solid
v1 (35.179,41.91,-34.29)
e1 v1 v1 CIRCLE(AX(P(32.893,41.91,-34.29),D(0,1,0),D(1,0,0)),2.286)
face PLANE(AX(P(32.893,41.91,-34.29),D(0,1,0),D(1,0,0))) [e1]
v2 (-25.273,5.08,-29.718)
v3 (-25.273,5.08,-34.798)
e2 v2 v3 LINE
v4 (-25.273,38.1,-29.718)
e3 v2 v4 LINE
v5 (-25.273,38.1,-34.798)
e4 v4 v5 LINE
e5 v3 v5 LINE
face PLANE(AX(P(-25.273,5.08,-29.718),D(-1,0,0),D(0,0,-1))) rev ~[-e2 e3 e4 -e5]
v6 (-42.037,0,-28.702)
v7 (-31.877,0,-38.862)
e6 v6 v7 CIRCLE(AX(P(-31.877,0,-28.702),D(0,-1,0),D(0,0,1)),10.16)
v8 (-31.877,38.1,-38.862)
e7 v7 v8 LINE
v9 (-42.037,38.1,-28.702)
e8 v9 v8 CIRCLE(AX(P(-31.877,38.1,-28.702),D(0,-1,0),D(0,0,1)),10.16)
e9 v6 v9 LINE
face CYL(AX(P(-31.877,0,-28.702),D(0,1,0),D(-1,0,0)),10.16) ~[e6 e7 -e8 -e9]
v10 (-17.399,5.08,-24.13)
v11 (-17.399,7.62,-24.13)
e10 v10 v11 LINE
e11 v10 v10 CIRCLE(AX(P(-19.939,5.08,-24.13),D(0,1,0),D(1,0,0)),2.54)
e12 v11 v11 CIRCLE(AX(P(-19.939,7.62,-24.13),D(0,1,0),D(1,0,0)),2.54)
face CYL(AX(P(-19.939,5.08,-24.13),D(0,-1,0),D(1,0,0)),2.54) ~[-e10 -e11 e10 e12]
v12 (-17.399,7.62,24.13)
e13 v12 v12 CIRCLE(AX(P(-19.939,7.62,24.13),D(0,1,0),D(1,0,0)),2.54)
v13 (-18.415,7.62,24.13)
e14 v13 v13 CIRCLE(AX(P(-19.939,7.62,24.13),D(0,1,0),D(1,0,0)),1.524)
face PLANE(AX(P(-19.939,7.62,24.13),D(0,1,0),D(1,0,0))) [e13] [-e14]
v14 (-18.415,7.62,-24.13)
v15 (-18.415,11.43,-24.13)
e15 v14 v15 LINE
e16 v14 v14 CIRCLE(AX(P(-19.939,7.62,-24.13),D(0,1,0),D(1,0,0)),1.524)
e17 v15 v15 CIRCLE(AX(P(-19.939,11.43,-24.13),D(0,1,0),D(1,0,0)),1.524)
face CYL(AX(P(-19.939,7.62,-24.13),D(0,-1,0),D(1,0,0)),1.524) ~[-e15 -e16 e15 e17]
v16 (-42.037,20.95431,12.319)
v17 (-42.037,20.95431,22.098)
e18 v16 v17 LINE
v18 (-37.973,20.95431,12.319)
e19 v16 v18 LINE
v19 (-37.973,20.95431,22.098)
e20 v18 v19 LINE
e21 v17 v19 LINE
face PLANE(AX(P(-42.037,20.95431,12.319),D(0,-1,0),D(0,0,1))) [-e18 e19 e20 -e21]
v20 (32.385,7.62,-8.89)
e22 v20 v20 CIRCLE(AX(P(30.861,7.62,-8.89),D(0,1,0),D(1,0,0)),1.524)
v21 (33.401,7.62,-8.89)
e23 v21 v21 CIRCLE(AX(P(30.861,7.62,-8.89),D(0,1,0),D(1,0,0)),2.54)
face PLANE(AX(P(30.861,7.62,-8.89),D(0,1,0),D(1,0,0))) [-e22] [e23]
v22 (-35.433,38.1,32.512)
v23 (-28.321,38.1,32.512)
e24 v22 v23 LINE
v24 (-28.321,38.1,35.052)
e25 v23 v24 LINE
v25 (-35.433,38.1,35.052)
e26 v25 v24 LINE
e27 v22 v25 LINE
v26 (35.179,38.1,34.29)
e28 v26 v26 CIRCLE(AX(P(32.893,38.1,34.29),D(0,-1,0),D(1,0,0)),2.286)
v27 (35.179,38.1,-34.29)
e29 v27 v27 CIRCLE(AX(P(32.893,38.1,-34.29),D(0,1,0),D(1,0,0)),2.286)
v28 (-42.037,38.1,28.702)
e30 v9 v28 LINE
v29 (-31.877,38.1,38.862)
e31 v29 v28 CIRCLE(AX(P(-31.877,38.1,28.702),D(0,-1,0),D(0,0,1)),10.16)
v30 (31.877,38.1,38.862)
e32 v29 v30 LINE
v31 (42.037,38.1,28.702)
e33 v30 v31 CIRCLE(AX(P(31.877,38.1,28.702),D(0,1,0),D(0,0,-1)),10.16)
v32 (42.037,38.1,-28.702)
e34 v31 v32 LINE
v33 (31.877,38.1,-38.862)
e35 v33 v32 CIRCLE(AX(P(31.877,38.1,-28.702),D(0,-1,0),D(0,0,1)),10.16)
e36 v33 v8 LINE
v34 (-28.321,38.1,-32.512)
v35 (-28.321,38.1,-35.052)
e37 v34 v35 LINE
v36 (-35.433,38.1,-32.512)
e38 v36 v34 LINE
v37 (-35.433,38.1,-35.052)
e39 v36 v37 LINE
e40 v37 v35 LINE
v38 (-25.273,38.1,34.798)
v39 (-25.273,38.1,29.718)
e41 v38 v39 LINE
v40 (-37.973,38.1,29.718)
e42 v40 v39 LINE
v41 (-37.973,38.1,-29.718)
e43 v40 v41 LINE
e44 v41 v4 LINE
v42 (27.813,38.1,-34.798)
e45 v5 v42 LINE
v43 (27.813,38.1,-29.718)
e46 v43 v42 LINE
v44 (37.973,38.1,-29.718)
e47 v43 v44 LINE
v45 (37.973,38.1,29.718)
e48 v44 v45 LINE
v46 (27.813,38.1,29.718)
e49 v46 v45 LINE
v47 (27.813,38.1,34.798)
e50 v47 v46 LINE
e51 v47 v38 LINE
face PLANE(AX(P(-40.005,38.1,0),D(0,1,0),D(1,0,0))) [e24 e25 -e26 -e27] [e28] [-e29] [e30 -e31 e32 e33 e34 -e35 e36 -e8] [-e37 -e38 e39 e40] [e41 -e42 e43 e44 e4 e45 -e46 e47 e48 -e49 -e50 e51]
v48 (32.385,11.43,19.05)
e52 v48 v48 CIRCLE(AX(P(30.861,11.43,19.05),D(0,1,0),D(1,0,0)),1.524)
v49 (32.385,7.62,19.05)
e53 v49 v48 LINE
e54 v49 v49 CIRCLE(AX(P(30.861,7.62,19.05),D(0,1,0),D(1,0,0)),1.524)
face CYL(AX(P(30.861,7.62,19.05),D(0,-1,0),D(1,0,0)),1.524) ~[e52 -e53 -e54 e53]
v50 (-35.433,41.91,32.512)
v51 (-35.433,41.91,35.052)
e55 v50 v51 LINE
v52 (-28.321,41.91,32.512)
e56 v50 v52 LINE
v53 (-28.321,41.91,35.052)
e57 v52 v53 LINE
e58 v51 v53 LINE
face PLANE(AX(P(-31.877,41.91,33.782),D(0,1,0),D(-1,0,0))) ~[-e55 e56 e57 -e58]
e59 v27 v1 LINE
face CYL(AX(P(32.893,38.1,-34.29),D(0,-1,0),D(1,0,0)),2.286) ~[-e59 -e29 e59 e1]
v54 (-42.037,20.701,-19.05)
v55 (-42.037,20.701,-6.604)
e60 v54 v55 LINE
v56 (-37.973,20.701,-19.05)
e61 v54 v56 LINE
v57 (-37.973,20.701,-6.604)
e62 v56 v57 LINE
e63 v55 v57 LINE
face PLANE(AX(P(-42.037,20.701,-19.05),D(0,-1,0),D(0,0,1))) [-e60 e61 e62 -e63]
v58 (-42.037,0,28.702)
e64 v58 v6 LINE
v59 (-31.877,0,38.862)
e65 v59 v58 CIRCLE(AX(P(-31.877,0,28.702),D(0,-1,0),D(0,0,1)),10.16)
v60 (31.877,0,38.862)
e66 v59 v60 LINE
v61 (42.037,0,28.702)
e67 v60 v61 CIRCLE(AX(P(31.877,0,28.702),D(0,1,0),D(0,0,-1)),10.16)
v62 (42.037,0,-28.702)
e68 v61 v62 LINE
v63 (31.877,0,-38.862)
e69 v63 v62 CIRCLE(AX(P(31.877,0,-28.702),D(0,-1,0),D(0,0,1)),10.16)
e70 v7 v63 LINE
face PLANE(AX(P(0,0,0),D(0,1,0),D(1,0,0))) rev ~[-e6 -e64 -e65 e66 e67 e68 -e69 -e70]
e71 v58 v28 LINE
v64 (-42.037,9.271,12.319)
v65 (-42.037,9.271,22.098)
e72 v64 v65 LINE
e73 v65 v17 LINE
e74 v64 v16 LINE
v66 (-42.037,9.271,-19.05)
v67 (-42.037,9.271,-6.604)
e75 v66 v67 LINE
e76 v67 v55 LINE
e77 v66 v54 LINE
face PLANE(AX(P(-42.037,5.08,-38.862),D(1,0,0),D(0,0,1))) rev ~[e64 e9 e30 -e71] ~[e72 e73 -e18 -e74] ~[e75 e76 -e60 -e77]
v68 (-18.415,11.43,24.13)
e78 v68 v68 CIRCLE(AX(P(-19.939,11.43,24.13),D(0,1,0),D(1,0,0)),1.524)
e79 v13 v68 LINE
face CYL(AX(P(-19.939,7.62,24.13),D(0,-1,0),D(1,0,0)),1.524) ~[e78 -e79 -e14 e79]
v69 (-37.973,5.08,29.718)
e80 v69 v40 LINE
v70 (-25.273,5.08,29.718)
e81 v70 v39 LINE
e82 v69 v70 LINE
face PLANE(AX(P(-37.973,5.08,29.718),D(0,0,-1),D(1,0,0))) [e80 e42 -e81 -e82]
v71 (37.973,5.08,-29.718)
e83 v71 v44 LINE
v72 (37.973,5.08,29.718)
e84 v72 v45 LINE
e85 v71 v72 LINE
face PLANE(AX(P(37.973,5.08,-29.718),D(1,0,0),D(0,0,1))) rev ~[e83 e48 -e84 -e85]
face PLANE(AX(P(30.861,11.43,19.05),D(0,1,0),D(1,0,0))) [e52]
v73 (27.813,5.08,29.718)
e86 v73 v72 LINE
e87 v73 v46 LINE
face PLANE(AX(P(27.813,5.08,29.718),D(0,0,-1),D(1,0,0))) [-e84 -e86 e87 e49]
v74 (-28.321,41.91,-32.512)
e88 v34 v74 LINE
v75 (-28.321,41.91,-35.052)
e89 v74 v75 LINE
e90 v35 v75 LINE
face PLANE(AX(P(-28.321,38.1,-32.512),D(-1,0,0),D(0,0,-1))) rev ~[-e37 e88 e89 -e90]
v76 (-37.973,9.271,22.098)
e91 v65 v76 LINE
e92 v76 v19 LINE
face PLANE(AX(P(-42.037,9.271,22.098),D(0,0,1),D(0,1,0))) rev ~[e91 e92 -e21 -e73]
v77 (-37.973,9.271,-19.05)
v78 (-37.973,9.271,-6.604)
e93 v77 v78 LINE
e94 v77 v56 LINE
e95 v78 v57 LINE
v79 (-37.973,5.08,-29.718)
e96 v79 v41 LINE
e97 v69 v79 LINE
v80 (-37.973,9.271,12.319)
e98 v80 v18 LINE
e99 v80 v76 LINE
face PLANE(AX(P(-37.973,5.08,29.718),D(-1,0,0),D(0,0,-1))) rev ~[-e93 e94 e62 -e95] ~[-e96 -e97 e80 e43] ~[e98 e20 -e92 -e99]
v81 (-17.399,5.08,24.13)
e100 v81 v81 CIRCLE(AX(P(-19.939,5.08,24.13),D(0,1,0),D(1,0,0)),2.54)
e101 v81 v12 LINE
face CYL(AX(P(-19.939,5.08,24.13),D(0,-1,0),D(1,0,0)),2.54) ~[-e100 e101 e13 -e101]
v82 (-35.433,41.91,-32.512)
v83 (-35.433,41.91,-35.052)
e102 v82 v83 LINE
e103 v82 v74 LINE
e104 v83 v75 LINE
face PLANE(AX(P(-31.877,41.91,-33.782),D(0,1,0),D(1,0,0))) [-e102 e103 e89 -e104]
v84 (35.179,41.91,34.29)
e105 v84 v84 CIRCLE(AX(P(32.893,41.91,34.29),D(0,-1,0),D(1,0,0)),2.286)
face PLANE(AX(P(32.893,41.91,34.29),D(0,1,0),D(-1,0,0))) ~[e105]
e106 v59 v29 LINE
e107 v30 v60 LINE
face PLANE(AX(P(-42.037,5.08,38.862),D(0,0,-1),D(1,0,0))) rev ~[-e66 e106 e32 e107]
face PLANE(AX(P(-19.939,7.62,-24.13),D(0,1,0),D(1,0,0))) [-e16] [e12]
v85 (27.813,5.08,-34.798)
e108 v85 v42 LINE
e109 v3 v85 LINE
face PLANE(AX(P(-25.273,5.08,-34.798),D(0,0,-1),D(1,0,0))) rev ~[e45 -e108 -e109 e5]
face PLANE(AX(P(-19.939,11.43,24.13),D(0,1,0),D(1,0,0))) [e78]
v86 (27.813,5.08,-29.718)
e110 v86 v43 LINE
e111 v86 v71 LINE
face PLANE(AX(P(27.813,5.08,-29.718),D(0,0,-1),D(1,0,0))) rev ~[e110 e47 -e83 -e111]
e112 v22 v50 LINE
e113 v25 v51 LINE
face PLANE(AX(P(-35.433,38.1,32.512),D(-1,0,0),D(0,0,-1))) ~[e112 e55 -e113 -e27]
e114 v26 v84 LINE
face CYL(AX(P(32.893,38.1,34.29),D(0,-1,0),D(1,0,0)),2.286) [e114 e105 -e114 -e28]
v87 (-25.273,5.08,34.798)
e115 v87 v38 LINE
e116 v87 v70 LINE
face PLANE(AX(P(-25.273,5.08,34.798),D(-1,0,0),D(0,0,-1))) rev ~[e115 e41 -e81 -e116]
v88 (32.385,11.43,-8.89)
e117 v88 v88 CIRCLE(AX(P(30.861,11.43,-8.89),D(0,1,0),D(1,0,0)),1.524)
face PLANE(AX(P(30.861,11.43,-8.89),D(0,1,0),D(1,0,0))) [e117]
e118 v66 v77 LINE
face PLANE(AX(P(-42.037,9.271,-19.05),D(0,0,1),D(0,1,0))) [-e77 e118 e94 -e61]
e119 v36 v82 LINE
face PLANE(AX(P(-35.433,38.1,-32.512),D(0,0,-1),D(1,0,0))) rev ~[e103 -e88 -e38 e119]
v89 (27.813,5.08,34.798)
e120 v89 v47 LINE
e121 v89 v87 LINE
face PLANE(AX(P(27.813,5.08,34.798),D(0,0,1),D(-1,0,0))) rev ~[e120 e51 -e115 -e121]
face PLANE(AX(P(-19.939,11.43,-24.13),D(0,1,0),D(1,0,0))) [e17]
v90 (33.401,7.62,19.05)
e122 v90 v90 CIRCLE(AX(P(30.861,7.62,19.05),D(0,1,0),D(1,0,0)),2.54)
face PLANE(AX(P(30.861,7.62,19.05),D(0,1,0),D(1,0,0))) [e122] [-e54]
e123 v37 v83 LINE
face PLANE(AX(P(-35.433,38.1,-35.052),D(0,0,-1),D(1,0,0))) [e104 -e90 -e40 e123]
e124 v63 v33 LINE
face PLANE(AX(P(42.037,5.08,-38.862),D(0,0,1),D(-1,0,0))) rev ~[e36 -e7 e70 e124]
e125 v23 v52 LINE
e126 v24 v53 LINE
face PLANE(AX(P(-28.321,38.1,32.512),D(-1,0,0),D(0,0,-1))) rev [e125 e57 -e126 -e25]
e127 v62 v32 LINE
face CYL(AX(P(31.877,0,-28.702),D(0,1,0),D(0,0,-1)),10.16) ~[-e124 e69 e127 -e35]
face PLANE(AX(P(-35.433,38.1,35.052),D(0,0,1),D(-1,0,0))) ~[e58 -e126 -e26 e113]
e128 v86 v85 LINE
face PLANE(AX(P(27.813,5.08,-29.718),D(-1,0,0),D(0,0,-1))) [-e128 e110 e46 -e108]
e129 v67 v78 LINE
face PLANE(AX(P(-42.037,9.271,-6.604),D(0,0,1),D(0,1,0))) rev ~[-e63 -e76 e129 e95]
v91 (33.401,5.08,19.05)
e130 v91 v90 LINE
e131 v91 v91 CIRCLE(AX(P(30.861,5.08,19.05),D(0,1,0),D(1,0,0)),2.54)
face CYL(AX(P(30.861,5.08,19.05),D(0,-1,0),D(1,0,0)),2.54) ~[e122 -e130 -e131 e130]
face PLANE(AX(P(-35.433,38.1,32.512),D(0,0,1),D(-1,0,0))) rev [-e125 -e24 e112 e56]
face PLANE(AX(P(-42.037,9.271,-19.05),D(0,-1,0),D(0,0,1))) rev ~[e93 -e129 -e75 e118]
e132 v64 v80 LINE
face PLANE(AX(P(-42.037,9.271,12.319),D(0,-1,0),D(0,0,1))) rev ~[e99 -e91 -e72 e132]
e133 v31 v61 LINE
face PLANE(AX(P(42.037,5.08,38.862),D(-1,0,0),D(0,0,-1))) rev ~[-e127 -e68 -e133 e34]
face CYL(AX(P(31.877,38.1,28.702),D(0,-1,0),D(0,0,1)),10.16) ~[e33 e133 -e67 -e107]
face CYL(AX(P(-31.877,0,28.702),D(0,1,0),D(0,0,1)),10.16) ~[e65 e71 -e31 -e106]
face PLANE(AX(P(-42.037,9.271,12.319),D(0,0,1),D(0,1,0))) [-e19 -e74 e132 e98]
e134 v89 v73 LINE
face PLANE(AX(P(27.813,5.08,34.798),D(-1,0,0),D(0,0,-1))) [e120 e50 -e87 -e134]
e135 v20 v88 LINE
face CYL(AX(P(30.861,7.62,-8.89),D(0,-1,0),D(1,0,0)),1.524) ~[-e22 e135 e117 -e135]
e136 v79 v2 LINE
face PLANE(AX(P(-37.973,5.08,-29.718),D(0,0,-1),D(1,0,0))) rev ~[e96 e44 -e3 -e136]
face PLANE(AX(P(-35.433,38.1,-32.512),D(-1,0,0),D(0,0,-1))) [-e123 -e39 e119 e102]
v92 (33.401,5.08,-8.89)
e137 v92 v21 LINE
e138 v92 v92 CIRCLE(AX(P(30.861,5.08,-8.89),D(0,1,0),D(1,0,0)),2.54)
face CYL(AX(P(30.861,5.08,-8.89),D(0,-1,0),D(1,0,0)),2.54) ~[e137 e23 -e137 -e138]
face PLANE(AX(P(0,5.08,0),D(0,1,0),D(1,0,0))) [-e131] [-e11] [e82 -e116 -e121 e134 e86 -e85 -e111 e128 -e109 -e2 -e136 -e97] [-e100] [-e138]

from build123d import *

# Parameters (mm, degrees)
SKETCH1_W            = 84.074
SKETCH1_H            = 77.724
BOSS_EXTRUDE1_DEPTH  = 5.08
SKETCH3_R            = 2.54
BOSS_EXTRUDE2_DEPTH  = 2.54
SKETCH19_W           = 12.7
SKETCH19_H           = 5.08
SKETCH19_W_2         = 10.16
BOSS_EXTRUDE7_DEPTH  = 33.02
FILLET2_R            = 10.16
SKETCH21_R           = 2.286
SKETCH21_W           = 7.112
SKETCH21_H           = 2.54
BOSS_EXTRUDE9_DEPTH  = 3.81
SKETCH22_W           = 12.446
SKETCH22_H           = 11.43
SKETCH22_W_2         = 9.779
SKETCH22_H_2         = 11.683309762
CUT_EXTRUDE10_DEPTH  = 5.08
SKETCH23_R           = 1.524
BOSS_EXTRUDE10_DEPTH = 3.81


with BuildPart() as part:
    # Sketch1 → Boss-Extrude1 (new body)
    with BuildSketch(Plane(origin=(0, 0, 0), x_dir=(1, 0, 0), z_dir=(0, 1, 0))):
        Rectangle(SKETCH1_W, SKETCH1_H)
    extrude(amount=BOSS_EXTRUDE1_DEPTH)

    # Sketch3 → Boss-Extrude2 (add)
    with BuildSketch(Plane(origin=(0, 5.08, 0), x_dir=(1, 0, 0), z_dir=(0, 1, 0))):
        with Locations((-19.939, 24.13)):
            Circle(SKETCH3_R)
        with Locations((-19.939, -24.13)):
            Circle(SKETCH3_R)
        with Locations((30.861, 8.89)):
            Circle(SKETCH3_R)
        with Locations((30.861, -19.05)):
            Circle(SKETCH3_R)
    extrude(amount=BOSS_EXTRUDE2_DEPTH)

    # Sketch19 → Boss-Extrude7 (add)
    with BuildSketch(Plane(origin=(0, 5.08, 0), x_dir=(1, 0, 0), z_dir=(0, 1, 0))):
        Polygon((-37.973, 34.798), (-42.037, 34.798), (-42.037, -34.798), (-37.973, -34.798), (-37.973, -29.718), (-37.973, 29.718), align=None)
        with Locations((-31.623, -32.258)):
            Rectangle(SKETCH19_W, SKETCH19_H)
        Polygon((42.037, -38.862), (42.037, 34.798), (37.973, 34.798), (37.973, 29.718), (37.973, -29.718), (37.973, -34.798), (37.973, -38.862), align=None)
        with Locations((32.893, 32.258)):
            Rectangle(SKETCH19_W_2, SKETCH19_H)
        Polygon((42.037, 38.862), (-42.037, 38.862), (-42.037, 34.798), (-37.973, 34.798), (-25.273, 34.798), (27.813, 34.798), (37.973, 34.798), (42.037, 34.798), align=None)
        with Locations((-31.623, 32.258)):
            Rectangle(SKETCH19_W, SKETCH19_H)
        Polygon((-37.973, -34.798), (-42.037, -34.798), (-42.037, -38.862), (37.973, -38.862), (37.973, -34.798), (27.813, -34.798), (-25.273, -34.798), align=None)
        with Locations((32.893, -32.258)):
            Rectangle(SKETCH19_W_2, SKETCH19_H)
    extrude(amount=BOSS_EXTRUDE7_DEPTH)

    # Fillet2
    fillet2_edges = [part.edges().sort_by_distance(p)[0] for p in [
        (42.037, 19.05, 38.862),
        (-42.037, 19.05, 38.862),
        (-42.037, 19.05, -38.862),
        (42.037, 19.05, -38.862),
    ]]
    fillet(fillet2_edges, radius=FILLET2_R)

    # Sketch21 → Boss-Extrude9 (add)
    with BuildSketch(Plane(origin=(0, 38.1, 0), x_dir=(1, 0, 0), z_dir=(0, 1, 0))):
        with Locations((32.893, 34.29)):
            Circle(SKETCH21_R)
        with Locations((-31.877, 33.782)):
            Rectangle(SKETCH21_W, SKETCH21_H)
    boss_extrude9 = extrude(amount=BOSS_EXTRUDE9_DEPTH)

    # Sketch22 → Cut-Extrude10 (cut)
    with BuildSketch(Plane.ZY.offset(42.037)):
        with Locations((-12.827, 14.986)):
            Rectangle(SKETCH22_W, SKETCH22_H)
        with Locations((17.2085, 15.112654881)):
            Rectangle(SKETCH22_W_2, SKETCH22_H_2)
    extrude(amount=-CUT_EXTRUDE10_DEPTH, mode=Mode.SUBTRACT)

    # Sketch23 → Boss-Extrude10 (add)
    with BuildSketch(Plane(origin=(0, 7.62, 0), x_dir=(1, 0, 0), z_dir=(0, 1, 0))):
        with Locations((-19.939, 24.13)):
            Circle(SKETCH23_R)
        with Locations((30.861, 8.89)):
            Circle(SKETCH23_R)
        with Locations((-19.939, -24.13)):
            Circle(SKETCH23_R)
        with Locations((30.861, -19.05)):
            Circle(SKETCH23_R)
    extrude(amount=BOSS_EXTRUDE10_DEPTH)

    # Mirror1: Boss-Extrude9 across plane
    add(boss_extrude9.mirror(Plane.XY))


solid = part.part
